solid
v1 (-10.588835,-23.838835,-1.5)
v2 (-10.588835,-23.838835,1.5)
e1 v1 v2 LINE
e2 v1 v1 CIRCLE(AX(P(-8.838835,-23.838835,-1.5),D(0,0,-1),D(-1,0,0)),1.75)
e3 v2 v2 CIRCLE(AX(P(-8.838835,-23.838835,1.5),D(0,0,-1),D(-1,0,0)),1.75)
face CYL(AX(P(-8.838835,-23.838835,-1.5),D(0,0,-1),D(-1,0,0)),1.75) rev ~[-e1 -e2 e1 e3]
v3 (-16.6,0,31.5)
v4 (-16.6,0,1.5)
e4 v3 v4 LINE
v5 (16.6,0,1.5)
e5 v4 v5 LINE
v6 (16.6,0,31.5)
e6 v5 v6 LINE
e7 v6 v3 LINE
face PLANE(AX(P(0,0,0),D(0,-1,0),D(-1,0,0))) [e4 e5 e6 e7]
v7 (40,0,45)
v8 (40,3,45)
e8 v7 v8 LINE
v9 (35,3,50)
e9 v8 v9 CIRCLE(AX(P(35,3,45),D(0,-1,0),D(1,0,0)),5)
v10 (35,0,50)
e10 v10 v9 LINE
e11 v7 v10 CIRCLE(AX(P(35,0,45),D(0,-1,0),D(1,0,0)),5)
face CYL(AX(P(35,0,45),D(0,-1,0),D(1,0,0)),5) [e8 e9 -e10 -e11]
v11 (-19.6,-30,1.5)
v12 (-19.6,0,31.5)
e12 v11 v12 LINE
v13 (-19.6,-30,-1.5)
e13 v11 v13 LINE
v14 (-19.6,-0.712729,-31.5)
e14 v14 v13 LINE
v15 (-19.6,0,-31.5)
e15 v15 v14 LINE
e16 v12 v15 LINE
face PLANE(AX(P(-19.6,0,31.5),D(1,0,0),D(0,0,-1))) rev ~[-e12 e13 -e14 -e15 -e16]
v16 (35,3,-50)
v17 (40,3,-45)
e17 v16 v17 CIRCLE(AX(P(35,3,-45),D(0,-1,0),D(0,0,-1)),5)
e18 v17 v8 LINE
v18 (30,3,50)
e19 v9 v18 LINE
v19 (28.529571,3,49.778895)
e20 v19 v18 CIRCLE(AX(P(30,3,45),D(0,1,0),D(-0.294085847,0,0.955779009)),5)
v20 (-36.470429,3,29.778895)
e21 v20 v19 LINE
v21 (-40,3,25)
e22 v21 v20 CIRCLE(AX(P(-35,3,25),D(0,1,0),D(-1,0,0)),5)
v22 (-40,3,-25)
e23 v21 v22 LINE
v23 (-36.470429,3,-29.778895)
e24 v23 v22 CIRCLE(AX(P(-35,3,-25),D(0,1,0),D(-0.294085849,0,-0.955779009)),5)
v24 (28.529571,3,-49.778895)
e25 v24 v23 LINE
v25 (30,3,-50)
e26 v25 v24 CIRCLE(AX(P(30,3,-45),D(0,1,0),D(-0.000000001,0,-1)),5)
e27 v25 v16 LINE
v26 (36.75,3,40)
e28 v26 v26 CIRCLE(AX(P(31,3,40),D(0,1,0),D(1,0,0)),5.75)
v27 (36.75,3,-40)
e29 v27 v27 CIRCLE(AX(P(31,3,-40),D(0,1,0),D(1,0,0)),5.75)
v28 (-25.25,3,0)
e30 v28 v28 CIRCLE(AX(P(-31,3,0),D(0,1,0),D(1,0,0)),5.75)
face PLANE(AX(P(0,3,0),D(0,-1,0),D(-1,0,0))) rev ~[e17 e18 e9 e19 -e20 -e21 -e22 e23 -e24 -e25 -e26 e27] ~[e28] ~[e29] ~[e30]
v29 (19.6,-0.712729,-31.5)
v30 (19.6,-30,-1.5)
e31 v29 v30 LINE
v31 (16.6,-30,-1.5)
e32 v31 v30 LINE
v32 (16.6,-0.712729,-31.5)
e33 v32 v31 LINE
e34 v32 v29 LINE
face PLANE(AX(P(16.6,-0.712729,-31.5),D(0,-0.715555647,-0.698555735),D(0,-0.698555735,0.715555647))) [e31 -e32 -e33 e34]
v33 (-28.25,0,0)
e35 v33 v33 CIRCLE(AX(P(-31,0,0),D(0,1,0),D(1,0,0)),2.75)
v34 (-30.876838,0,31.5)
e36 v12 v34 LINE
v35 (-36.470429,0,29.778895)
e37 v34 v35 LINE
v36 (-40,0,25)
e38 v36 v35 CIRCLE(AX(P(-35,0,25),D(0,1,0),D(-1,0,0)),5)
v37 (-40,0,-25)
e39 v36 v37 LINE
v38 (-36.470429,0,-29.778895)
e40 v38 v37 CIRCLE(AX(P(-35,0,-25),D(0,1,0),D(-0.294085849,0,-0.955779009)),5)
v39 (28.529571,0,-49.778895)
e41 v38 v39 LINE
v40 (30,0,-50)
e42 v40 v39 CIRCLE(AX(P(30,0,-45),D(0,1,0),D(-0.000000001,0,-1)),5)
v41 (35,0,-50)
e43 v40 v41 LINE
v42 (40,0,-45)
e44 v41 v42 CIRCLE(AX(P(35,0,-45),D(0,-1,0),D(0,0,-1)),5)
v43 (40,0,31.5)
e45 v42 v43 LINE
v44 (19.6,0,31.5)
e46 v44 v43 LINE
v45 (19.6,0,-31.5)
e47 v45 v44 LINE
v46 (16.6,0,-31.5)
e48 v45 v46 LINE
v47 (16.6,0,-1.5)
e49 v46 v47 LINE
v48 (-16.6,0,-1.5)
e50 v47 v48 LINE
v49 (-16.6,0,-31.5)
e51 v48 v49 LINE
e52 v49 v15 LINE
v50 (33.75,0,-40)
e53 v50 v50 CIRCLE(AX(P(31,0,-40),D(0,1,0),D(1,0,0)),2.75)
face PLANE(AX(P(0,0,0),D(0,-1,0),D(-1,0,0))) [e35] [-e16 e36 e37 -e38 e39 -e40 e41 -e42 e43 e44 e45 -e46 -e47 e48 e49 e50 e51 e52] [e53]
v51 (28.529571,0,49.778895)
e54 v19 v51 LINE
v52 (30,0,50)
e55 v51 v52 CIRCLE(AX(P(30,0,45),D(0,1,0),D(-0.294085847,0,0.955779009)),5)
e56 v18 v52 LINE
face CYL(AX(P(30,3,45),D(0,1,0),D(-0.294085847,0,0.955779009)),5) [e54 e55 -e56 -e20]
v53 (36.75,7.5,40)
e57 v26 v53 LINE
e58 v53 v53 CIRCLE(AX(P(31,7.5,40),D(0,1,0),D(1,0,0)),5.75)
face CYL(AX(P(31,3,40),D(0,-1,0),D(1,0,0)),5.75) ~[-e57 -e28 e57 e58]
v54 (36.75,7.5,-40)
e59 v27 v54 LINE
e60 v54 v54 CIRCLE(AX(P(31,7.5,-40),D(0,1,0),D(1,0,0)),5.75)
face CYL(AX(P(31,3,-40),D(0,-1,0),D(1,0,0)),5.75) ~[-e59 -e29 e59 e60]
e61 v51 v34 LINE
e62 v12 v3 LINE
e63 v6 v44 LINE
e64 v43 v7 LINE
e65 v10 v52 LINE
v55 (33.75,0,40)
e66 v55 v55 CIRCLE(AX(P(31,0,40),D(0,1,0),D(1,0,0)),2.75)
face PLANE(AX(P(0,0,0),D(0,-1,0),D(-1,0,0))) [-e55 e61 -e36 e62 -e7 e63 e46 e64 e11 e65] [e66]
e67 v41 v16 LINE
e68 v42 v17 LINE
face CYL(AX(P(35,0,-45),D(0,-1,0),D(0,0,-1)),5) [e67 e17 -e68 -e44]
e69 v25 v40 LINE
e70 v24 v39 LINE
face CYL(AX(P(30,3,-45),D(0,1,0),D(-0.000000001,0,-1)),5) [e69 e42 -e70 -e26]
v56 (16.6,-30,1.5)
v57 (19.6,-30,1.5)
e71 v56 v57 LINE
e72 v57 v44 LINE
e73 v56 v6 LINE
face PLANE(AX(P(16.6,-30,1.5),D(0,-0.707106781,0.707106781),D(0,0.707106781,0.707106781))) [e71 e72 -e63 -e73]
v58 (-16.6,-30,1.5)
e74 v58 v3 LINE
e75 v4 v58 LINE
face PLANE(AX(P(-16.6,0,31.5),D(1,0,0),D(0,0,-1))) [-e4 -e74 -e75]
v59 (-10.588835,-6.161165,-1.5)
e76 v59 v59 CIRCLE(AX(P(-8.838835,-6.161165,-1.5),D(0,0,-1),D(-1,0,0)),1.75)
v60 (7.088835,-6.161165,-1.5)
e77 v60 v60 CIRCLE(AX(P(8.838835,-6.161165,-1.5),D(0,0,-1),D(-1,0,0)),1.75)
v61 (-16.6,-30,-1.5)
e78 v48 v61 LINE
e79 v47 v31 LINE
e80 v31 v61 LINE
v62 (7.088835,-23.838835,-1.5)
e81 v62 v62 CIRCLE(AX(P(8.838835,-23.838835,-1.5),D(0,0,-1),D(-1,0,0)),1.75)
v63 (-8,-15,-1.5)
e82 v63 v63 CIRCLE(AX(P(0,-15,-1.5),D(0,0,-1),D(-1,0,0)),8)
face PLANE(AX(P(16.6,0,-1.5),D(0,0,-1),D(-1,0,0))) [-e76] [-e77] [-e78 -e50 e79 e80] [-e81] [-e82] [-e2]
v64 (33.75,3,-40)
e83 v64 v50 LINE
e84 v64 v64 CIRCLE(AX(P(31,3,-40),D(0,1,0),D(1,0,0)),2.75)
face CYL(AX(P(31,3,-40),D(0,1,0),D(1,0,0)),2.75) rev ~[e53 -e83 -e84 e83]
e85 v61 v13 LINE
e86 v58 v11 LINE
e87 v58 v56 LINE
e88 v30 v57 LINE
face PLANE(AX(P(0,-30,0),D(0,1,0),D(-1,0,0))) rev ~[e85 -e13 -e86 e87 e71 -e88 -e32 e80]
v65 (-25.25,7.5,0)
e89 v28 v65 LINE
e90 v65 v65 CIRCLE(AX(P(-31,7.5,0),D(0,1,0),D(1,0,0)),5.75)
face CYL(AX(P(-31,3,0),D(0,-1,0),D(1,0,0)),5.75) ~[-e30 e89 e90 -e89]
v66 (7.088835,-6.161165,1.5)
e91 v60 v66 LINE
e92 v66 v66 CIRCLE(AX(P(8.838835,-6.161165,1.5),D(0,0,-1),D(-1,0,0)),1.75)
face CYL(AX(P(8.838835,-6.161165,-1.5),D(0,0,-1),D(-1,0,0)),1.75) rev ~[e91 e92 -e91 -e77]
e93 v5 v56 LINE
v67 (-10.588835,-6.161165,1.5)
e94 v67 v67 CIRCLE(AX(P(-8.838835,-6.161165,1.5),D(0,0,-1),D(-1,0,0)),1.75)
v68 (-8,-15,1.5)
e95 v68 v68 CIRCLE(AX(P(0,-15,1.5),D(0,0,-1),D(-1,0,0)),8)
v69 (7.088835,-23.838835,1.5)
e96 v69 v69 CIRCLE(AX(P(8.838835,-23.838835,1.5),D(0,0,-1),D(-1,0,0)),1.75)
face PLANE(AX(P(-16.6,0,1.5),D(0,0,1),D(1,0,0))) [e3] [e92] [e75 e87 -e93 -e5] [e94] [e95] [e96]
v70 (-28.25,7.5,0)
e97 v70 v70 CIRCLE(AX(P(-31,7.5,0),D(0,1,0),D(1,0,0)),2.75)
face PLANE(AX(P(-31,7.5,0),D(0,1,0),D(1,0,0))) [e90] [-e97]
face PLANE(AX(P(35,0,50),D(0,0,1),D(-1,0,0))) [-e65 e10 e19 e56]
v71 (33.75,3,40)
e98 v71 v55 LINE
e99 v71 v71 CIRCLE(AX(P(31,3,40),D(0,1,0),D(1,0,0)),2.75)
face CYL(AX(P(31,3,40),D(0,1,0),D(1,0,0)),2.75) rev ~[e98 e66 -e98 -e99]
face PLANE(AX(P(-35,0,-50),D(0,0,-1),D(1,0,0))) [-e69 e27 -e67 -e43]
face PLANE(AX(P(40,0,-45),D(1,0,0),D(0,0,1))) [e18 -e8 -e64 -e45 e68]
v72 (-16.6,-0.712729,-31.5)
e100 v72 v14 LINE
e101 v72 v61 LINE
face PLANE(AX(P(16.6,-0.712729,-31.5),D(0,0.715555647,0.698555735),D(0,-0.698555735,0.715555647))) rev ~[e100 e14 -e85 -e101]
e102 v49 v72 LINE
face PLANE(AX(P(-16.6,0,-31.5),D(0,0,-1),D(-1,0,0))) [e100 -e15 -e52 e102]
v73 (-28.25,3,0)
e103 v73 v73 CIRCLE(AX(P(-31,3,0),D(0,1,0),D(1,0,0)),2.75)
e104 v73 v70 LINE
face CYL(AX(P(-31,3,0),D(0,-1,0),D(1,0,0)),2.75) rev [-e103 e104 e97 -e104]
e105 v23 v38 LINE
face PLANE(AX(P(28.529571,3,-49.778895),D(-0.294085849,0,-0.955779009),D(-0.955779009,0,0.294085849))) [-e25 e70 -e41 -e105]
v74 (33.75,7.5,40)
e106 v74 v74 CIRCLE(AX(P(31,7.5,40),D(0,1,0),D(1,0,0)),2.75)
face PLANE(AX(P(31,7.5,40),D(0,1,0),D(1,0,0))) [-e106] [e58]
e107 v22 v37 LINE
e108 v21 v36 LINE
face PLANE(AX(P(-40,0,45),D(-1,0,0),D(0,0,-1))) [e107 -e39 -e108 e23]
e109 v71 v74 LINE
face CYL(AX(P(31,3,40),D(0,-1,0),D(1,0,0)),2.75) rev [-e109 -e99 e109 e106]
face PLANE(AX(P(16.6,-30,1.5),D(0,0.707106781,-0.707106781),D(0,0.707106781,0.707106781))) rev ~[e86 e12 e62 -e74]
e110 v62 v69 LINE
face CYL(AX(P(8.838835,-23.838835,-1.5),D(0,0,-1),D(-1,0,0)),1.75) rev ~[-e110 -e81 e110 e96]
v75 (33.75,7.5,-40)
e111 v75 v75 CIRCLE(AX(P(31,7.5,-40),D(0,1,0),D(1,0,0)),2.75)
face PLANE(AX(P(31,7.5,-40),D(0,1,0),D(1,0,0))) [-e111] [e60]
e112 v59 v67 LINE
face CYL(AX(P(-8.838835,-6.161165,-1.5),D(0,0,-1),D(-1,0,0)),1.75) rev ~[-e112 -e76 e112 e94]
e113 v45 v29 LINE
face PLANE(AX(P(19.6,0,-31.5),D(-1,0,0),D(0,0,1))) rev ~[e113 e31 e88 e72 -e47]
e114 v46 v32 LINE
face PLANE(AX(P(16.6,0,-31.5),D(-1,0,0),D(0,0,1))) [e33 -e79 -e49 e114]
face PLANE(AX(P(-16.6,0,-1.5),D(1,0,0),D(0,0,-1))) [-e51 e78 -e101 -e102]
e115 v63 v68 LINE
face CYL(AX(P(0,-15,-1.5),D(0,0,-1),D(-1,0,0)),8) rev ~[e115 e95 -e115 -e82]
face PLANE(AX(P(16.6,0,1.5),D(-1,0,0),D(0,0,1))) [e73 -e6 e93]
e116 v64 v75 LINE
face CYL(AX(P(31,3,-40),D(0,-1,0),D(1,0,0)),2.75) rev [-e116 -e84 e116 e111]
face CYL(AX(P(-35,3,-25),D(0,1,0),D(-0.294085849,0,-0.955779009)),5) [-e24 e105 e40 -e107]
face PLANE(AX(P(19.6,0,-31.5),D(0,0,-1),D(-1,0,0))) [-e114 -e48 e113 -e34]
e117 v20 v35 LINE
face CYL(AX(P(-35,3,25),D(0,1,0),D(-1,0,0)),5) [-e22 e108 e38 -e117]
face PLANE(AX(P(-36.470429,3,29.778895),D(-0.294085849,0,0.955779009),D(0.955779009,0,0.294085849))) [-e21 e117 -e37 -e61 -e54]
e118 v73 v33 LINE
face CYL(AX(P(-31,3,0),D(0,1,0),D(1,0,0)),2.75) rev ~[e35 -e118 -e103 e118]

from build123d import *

# Parameters (mm, degrees)
BOSS_EXTRUDE1_DEPTH     = 3
SKETCH2_R               = 2.75
CUT_EXTRUDE1_DEPTH      = 4
SKETCH3_2_R             = 5.75
SKETCH3_2_R_2           = 2.75
BOSS_EXTRUDE3_DEPTH     = 4.5
CUT_EXTRUDE2_DEPTH      = 4.5
BOSS_EXTRUDE4_DEPTH     = 30
CUT_EXTRUDE3_DEPTH      = 57.6
CUT_EXTRUDE3_DEPTH_BACK = 24.4
SKETCH9_R               = 8
SKETCH9_R_2             = 1.75
CUT_EXTRUDE4_DEPTH      = 49.5
CUT_EXTRUDE4_DEPTH_BACK = 52.5
SKETCH3_R               = 5.75
SKETCH3_R_2             = 2.75
BOSS_EXTRUDE2_DEPTH     = 4.5


with BuildPart() as part:
    # Sketch1 → Boss-Extrude1 (new body)
    with BuildSketch(Plane(origin=(0, 0, 0), x_dir=(1, 0, 0), z_dir=(0, 1, 0))):
        with BuildLine():
            Line((-35, 50), (35, 50))
            ThreePointArc((35, 50), (38.535533906, 48.535533906), (40, 45))
            Line((40, 45), (40, -45))
            ThreePointArc((40, -45), (38.535533906, -48.535533906), (35, -50))
            Line((35, -50), (-35, -50))
            ThreePointArc((-35, -50), (-38.535533906, -48.535533906), (-40, -45))
            Line((-40, -45), (-40, 45))
            ThreePointArc((-40, 45), (-38.535533906, 48.535533906), (-35, 50))
        make_face()
    extrude(amount=BOSS_EXTRUDE1_DEPTH)

    # Sketch2 → Cut-Extrude1 (cut, through all)
    with BuildSketch(Plane(origin=(0, 3, 0), x_dir=(1, 0, 0), z_dir=(0, 1, 0))):
        with Locations((-31, 0)):
            Circle(SKETCH2_R)
        with Locations((31, 40)):
            Circle(SKETCH2_R)
        with Locations((31, -40)):
            Circle(SKETCH2_R)
    extrude(amount=-CUT_EXTRUDE1_DEPTH, mode=Mode.SUBTRACT)

    # Sketch3<2> → Boss-Extrude3 (add)
    with BuildSketch(Plane(origin=(0, 3, 0), x_dir=(1, 0, 0), z_dir=(0, 1, 0))):
        with Locations((-31, 0)):
            Circle(SKETCH3_2_R)
        with Locations((-31, 0)):
            Circle(SKETCH3_2_R_2, mode=Mode.SUBTRACT)
        with Locations((31, 40)):
            Circle(SKETCH3_2_R)
        with Locations((31, 40)):
            Circle(SKETCH3_2_R_2, mode=Mode.SUBTRACT)
        with Locations((31, -40)):
            Circle(SKETCH3_2_R)
        with Locations((31, -40)):
            Circle(SKETCH3_2_R_2, mode=Mode.SUBTRACT)
    extrude(amount=BOSS_EXTRUDE3_DEPTH)

    # Sketch6 → Cut-Extrude2 (cut)
    with BuildSketch(Plane(origin=(0, 3, 0), x_dir=(1, 0, 0), z_dir=(0, 1, 0))):
        with BuildLine():
            Line((-36.470429244, -29.778895044), (28.529570756, -49.778895044))
            ThreePointArc((28.529570756, -49.778895044), (29.25652008, -49.944414789), (30, -50))
            Line((30, -50), (-40, -50))
            Line((-40, -50), (-40, -25))
            ThreePointArc((-40, -25), (-39.021948919, -27.970509534), (-36.470429244, -29.778895044))
        make_face()
        with BuildLine():
            Line((-40, 50), (30, 50))
            ThreePointArc((30, 50), (29.25652008, 49.944414789), (28.529570756, 49.778895044))
            Line((28.529570756, 49.778895044), (-36.470429244, 29.778895044))
            ThreePointArc((-36.470429244, 29.778895044), (-39.021948919, 27.970509534), (-40, 25))
            Line((-40, 25), (-40, 50))
        make_face()
    extrude(amount=-CUT_EXTRUDE2_DEPTH, mode=Mode.SUBTRACT)

    # Sketch7 → Boss-Extrude4 (add)
    with BuildSketch(Plane.XZ):
        Polygon((19.6, 6.770211843), (19.6, -6.770211843), (19.6, -31.5), (16.6, -31.5), (16.6, -1.5), (-16.6, -1.5), (-16.6, -31.5), (-19.6, -31.5), (-19.6, -6.770211843), (-19.6, 6.770211843), (-19.6, 31.5), (-16.6, 31.5), (-16.6, 1.5), (16.6, 1.5), (16.6, 31.5), (19.6, 31.5), align=None)
    extrude(amount=BOSS_EXTRUDE4_DEPTH)

    # Sketch8 → Cut-Extrude3 (cut, two sides)
    with BuildSketch(Plane.ZY.offset(-16.6)) as cut_extrude3_sk:
        Polygon((1.5, -30), (31.5, 0), (31.5, -30), align=None)
        Polygon((-1.5, -30), (-31.5, -30), (-31.5, -0.712729134), align=None)
    extrude(amount=CUT_EXTRUDE3_DEPTH, mode=Mode.SUBTRACT)
    extrude(cut_extrude3_sk.sketch, amount=-CUT_EXTRUDE3_DEPTH_BACK, mode=Mode.SUBTRACT)

    # Sketch9 → Cut-Extrude4 (cut, two sides)
    with BuildSketch(Plane(origin=(0, 0, -1.5), x_dir=(-1, 0, 0), z_dir=(0, 0, -1))) as cut_extrude4_sk:
        with Locations((0, -15)):
            Circle(SKETCH9_R)
        with Locations((-8.838834765, -23.838834765)):
            Circle(SKETCH9_R_2)
        with Locations((-8.838834765, -6.161165235)):
            Circle(SKETCH9_R_2)
        with Locations((8.838834765, -23.838834765)):
            Circle(SKETCH9_R_2)
        with Locations((8.838834765, -6.161165235)):
            Circle(SKETCH9_R_2)
    extrude(amount=CUT_EXTRUDE4_DEPTH, mode=Mode.SUBTRACT)
    extrude(cut_extrude4_sk.sketch, amount=-CUT_EXTRUDE4_DEPTH_BACK, mode=Mode.SUBTRACT)

    # Sketch3 → Boss-Extrude2 (add)
    with BuildSketch(Plane(origin=(0, 3, 0), x_dir=(1, 0, 0), z_dir=(0, 1, 0))):
        with Locations((-31, 0)):
            Circle(SKETCH3_R)
        with Locations((-31, 0)):
            Circle(SKETCH3_R_2, mode=Mode.SUBTRACT)
        with Locations((31, 40)):
            Circle(SKETCH3_R)
        with Locations((31, 40)):
            Circle(SKETCH3_R_2, mode=Mode.SUBTRACT)
        with Locations((31, -40)):
            Circle(SKETCH3_R)
        with Locations((31, -40)):
            Circle(SKETCH3_R_2, mode=Mode.SUBTRACT)
    extrude(amount=BOSS_EXTRUDE2_DEPTH)


solid = part.part
